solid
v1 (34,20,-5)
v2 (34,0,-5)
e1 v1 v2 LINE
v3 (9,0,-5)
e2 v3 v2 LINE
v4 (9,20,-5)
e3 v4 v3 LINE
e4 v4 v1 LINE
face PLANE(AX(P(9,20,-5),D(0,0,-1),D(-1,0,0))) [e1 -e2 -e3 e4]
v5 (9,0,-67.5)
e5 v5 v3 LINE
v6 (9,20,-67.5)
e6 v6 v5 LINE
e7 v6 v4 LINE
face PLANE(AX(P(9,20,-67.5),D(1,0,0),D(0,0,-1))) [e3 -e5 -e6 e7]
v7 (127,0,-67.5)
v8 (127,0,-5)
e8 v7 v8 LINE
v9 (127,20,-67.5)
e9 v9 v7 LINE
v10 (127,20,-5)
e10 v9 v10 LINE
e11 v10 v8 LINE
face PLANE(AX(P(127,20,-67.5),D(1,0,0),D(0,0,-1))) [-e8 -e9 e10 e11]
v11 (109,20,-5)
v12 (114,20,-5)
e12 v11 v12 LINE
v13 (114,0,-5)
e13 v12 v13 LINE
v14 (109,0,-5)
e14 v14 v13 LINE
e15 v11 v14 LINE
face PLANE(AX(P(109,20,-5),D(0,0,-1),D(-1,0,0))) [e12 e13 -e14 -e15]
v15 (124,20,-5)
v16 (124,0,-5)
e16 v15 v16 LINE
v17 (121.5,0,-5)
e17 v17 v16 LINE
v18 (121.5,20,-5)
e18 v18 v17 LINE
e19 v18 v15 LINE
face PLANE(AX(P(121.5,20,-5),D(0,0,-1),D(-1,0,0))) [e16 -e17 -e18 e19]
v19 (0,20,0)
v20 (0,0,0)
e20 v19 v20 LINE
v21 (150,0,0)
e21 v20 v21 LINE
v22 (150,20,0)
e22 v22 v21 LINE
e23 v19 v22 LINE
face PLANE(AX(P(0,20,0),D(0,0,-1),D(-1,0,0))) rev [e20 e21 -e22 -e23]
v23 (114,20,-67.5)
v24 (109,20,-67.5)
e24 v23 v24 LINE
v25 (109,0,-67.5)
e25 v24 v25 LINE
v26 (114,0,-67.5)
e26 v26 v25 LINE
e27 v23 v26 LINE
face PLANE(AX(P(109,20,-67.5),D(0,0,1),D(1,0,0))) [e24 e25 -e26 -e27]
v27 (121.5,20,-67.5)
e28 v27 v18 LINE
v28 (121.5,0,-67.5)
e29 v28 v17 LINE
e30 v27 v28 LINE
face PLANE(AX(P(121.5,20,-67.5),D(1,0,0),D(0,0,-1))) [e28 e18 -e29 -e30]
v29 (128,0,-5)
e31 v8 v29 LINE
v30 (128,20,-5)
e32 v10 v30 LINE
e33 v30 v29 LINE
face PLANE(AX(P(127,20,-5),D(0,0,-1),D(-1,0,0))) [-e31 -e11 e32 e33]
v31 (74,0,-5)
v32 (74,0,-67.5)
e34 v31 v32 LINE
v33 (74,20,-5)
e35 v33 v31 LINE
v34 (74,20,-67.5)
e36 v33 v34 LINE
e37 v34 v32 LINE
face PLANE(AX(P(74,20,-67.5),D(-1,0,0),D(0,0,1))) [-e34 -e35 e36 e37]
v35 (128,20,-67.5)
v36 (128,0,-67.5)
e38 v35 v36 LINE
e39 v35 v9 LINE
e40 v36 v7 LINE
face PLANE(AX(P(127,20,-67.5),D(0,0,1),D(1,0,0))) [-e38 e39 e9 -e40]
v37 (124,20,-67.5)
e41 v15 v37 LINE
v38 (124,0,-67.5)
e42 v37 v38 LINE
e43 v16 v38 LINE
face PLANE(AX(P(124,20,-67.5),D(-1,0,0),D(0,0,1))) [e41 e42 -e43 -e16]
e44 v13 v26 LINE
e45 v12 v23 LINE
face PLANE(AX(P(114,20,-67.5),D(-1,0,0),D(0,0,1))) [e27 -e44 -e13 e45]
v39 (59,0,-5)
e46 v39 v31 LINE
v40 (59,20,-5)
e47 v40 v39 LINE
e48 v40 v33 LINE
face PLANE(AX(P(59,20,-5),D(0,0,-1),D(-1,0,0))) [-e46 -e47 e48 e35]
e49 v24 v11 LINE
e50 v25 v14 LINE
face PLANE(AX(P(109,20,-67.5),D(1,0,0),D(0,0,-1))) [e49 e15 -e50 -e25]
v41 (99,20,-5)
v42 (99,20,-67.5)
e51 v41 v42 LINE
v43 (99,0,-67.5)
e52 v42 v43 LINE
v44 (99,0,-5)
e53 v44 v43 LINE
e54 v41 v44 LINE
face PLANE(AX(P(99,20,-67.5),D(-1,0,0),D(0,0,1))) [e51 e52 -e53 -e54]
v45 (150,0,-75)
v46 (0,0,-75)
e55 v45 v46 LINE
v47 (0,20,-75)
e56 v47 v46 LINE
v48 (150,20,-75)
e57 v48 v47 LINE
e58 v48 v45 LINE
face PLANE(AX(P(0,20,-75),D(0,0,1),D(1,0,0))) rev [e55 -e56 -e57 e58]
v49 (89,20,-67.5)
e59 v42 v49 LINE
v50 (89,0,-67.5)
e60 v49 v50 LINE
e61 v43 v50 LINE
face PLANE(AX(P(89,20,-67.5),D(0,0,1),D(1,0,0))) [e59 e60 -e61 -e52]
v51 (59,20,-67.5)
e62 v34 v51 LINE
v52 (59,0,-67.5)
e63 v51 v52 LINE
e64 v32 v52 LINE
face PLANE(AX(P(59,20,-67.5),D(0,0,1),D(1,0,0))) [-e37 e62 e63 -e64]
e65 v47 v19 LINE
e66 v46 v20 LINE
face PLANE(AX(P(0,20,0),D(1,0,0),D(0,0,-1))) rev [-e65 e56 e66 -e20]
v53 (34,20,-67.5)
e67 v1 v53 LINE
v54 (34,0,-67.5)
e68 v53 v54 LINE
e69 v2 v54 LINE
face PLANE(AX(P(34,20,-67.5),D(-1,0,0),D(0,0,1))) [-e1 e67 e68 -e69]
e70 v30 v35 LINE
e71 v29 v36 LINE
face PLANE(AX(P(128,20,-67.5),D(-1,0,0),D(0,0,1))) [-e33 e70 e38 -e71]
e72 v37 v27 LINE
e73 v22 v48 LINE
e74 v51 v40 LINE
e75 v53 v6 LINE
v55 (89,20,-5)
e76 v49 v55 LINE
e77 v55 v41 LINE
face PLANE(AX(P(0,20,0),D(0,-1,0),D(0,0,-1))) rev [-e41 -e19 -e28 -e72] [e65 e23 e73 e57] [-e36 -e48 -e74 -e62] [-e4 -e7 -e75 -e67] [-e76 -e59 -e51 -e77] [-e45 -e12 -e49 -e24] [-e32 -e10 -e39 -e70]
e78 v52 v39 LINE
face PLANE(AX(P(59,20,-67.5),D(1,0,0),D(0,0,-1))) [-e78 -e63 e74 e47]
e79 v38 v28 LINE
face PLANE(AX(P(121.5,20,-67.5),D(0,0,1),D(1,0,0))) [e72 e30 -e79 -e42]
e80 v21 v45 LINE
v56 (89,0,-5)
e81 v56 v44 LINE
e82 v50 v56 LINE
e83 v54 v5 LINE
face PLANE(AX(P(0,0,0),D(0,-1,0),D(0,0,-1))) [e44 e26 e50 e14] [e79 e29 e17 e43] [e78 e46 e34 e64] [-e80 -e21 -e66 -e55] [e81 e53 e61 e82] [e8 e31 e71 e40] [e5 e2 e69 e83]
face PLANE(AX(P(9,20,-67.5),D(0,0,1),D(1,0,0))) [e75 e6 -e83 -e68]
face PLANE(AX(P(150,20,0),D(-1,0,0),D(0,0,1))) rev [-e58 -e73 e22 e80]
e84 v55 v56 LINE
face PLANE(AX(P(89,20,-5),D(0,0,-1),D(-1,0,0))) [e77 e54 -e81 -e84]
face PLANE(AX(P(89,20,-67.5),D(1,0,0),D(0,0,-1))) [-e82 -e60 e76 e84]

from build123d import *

# Parameters (mm, degrees)
SKETCH2_W           = 150
SKETCH2_H           = 75
SKETCH2_W_2         = 25
SKETCH2_H_2         = 62.5
SKETCH2_W_3         = 15
SKETCH2_W_4         = 10
SKETCH2_W_5         = 5
SKETCH2_W_6         = 2.5
SKETCH2_W_7         = 1
BOSS_EXTRUDE1_DEPTH = 20


with BuildPart() as part:
    # Sketch2 → Boss-Extrude1 (new body)
    with BuildSketch(Plane(origin=(0, 0, 0), x_dir=(1, 0, 0), z_dir=(0, 1, 0))):
        with Locations((75, 37.5)):
            Rectangle(SKETCH2_W, SKETCH2_H)
        with Locations((21.5, 36.25)):
            Rectangle(SKETCH2_W_2, SKETCH2_H_2, mode=Mode.SUBTRACT)
        with Locations((66.5, 36.25)):
            Rectangle(SKETCH2_W_3, SKETCH2_H_2, mode=Mode.SUBTRACT)
        with Locations((94, 36.25)):
            Rectangle(SKETCH2_W_4, SKETCH2_H_2, mode=Mode.SUBTRACT)
        with Locations((111.5, 36.25)):
            Rectangle(SKETCH2_W_5, SKETCH2_H_2, mode=Mode.SUBTRACT)
        with Locations((122.75, 36.25)):
            Rectangle(SKETCH2_W_6, SKETCH2_H_2, mode=Mode.SUBTRACT)
        with Locations((127.5, 36.25)):
            Rectangle(SKETCH2_W_7, SKETCH2_H_2, mode=Mode.SUBTRACT)
    extrude(amount=BOSS_EXTRUDE1_DEPTH)


solid = part.part
